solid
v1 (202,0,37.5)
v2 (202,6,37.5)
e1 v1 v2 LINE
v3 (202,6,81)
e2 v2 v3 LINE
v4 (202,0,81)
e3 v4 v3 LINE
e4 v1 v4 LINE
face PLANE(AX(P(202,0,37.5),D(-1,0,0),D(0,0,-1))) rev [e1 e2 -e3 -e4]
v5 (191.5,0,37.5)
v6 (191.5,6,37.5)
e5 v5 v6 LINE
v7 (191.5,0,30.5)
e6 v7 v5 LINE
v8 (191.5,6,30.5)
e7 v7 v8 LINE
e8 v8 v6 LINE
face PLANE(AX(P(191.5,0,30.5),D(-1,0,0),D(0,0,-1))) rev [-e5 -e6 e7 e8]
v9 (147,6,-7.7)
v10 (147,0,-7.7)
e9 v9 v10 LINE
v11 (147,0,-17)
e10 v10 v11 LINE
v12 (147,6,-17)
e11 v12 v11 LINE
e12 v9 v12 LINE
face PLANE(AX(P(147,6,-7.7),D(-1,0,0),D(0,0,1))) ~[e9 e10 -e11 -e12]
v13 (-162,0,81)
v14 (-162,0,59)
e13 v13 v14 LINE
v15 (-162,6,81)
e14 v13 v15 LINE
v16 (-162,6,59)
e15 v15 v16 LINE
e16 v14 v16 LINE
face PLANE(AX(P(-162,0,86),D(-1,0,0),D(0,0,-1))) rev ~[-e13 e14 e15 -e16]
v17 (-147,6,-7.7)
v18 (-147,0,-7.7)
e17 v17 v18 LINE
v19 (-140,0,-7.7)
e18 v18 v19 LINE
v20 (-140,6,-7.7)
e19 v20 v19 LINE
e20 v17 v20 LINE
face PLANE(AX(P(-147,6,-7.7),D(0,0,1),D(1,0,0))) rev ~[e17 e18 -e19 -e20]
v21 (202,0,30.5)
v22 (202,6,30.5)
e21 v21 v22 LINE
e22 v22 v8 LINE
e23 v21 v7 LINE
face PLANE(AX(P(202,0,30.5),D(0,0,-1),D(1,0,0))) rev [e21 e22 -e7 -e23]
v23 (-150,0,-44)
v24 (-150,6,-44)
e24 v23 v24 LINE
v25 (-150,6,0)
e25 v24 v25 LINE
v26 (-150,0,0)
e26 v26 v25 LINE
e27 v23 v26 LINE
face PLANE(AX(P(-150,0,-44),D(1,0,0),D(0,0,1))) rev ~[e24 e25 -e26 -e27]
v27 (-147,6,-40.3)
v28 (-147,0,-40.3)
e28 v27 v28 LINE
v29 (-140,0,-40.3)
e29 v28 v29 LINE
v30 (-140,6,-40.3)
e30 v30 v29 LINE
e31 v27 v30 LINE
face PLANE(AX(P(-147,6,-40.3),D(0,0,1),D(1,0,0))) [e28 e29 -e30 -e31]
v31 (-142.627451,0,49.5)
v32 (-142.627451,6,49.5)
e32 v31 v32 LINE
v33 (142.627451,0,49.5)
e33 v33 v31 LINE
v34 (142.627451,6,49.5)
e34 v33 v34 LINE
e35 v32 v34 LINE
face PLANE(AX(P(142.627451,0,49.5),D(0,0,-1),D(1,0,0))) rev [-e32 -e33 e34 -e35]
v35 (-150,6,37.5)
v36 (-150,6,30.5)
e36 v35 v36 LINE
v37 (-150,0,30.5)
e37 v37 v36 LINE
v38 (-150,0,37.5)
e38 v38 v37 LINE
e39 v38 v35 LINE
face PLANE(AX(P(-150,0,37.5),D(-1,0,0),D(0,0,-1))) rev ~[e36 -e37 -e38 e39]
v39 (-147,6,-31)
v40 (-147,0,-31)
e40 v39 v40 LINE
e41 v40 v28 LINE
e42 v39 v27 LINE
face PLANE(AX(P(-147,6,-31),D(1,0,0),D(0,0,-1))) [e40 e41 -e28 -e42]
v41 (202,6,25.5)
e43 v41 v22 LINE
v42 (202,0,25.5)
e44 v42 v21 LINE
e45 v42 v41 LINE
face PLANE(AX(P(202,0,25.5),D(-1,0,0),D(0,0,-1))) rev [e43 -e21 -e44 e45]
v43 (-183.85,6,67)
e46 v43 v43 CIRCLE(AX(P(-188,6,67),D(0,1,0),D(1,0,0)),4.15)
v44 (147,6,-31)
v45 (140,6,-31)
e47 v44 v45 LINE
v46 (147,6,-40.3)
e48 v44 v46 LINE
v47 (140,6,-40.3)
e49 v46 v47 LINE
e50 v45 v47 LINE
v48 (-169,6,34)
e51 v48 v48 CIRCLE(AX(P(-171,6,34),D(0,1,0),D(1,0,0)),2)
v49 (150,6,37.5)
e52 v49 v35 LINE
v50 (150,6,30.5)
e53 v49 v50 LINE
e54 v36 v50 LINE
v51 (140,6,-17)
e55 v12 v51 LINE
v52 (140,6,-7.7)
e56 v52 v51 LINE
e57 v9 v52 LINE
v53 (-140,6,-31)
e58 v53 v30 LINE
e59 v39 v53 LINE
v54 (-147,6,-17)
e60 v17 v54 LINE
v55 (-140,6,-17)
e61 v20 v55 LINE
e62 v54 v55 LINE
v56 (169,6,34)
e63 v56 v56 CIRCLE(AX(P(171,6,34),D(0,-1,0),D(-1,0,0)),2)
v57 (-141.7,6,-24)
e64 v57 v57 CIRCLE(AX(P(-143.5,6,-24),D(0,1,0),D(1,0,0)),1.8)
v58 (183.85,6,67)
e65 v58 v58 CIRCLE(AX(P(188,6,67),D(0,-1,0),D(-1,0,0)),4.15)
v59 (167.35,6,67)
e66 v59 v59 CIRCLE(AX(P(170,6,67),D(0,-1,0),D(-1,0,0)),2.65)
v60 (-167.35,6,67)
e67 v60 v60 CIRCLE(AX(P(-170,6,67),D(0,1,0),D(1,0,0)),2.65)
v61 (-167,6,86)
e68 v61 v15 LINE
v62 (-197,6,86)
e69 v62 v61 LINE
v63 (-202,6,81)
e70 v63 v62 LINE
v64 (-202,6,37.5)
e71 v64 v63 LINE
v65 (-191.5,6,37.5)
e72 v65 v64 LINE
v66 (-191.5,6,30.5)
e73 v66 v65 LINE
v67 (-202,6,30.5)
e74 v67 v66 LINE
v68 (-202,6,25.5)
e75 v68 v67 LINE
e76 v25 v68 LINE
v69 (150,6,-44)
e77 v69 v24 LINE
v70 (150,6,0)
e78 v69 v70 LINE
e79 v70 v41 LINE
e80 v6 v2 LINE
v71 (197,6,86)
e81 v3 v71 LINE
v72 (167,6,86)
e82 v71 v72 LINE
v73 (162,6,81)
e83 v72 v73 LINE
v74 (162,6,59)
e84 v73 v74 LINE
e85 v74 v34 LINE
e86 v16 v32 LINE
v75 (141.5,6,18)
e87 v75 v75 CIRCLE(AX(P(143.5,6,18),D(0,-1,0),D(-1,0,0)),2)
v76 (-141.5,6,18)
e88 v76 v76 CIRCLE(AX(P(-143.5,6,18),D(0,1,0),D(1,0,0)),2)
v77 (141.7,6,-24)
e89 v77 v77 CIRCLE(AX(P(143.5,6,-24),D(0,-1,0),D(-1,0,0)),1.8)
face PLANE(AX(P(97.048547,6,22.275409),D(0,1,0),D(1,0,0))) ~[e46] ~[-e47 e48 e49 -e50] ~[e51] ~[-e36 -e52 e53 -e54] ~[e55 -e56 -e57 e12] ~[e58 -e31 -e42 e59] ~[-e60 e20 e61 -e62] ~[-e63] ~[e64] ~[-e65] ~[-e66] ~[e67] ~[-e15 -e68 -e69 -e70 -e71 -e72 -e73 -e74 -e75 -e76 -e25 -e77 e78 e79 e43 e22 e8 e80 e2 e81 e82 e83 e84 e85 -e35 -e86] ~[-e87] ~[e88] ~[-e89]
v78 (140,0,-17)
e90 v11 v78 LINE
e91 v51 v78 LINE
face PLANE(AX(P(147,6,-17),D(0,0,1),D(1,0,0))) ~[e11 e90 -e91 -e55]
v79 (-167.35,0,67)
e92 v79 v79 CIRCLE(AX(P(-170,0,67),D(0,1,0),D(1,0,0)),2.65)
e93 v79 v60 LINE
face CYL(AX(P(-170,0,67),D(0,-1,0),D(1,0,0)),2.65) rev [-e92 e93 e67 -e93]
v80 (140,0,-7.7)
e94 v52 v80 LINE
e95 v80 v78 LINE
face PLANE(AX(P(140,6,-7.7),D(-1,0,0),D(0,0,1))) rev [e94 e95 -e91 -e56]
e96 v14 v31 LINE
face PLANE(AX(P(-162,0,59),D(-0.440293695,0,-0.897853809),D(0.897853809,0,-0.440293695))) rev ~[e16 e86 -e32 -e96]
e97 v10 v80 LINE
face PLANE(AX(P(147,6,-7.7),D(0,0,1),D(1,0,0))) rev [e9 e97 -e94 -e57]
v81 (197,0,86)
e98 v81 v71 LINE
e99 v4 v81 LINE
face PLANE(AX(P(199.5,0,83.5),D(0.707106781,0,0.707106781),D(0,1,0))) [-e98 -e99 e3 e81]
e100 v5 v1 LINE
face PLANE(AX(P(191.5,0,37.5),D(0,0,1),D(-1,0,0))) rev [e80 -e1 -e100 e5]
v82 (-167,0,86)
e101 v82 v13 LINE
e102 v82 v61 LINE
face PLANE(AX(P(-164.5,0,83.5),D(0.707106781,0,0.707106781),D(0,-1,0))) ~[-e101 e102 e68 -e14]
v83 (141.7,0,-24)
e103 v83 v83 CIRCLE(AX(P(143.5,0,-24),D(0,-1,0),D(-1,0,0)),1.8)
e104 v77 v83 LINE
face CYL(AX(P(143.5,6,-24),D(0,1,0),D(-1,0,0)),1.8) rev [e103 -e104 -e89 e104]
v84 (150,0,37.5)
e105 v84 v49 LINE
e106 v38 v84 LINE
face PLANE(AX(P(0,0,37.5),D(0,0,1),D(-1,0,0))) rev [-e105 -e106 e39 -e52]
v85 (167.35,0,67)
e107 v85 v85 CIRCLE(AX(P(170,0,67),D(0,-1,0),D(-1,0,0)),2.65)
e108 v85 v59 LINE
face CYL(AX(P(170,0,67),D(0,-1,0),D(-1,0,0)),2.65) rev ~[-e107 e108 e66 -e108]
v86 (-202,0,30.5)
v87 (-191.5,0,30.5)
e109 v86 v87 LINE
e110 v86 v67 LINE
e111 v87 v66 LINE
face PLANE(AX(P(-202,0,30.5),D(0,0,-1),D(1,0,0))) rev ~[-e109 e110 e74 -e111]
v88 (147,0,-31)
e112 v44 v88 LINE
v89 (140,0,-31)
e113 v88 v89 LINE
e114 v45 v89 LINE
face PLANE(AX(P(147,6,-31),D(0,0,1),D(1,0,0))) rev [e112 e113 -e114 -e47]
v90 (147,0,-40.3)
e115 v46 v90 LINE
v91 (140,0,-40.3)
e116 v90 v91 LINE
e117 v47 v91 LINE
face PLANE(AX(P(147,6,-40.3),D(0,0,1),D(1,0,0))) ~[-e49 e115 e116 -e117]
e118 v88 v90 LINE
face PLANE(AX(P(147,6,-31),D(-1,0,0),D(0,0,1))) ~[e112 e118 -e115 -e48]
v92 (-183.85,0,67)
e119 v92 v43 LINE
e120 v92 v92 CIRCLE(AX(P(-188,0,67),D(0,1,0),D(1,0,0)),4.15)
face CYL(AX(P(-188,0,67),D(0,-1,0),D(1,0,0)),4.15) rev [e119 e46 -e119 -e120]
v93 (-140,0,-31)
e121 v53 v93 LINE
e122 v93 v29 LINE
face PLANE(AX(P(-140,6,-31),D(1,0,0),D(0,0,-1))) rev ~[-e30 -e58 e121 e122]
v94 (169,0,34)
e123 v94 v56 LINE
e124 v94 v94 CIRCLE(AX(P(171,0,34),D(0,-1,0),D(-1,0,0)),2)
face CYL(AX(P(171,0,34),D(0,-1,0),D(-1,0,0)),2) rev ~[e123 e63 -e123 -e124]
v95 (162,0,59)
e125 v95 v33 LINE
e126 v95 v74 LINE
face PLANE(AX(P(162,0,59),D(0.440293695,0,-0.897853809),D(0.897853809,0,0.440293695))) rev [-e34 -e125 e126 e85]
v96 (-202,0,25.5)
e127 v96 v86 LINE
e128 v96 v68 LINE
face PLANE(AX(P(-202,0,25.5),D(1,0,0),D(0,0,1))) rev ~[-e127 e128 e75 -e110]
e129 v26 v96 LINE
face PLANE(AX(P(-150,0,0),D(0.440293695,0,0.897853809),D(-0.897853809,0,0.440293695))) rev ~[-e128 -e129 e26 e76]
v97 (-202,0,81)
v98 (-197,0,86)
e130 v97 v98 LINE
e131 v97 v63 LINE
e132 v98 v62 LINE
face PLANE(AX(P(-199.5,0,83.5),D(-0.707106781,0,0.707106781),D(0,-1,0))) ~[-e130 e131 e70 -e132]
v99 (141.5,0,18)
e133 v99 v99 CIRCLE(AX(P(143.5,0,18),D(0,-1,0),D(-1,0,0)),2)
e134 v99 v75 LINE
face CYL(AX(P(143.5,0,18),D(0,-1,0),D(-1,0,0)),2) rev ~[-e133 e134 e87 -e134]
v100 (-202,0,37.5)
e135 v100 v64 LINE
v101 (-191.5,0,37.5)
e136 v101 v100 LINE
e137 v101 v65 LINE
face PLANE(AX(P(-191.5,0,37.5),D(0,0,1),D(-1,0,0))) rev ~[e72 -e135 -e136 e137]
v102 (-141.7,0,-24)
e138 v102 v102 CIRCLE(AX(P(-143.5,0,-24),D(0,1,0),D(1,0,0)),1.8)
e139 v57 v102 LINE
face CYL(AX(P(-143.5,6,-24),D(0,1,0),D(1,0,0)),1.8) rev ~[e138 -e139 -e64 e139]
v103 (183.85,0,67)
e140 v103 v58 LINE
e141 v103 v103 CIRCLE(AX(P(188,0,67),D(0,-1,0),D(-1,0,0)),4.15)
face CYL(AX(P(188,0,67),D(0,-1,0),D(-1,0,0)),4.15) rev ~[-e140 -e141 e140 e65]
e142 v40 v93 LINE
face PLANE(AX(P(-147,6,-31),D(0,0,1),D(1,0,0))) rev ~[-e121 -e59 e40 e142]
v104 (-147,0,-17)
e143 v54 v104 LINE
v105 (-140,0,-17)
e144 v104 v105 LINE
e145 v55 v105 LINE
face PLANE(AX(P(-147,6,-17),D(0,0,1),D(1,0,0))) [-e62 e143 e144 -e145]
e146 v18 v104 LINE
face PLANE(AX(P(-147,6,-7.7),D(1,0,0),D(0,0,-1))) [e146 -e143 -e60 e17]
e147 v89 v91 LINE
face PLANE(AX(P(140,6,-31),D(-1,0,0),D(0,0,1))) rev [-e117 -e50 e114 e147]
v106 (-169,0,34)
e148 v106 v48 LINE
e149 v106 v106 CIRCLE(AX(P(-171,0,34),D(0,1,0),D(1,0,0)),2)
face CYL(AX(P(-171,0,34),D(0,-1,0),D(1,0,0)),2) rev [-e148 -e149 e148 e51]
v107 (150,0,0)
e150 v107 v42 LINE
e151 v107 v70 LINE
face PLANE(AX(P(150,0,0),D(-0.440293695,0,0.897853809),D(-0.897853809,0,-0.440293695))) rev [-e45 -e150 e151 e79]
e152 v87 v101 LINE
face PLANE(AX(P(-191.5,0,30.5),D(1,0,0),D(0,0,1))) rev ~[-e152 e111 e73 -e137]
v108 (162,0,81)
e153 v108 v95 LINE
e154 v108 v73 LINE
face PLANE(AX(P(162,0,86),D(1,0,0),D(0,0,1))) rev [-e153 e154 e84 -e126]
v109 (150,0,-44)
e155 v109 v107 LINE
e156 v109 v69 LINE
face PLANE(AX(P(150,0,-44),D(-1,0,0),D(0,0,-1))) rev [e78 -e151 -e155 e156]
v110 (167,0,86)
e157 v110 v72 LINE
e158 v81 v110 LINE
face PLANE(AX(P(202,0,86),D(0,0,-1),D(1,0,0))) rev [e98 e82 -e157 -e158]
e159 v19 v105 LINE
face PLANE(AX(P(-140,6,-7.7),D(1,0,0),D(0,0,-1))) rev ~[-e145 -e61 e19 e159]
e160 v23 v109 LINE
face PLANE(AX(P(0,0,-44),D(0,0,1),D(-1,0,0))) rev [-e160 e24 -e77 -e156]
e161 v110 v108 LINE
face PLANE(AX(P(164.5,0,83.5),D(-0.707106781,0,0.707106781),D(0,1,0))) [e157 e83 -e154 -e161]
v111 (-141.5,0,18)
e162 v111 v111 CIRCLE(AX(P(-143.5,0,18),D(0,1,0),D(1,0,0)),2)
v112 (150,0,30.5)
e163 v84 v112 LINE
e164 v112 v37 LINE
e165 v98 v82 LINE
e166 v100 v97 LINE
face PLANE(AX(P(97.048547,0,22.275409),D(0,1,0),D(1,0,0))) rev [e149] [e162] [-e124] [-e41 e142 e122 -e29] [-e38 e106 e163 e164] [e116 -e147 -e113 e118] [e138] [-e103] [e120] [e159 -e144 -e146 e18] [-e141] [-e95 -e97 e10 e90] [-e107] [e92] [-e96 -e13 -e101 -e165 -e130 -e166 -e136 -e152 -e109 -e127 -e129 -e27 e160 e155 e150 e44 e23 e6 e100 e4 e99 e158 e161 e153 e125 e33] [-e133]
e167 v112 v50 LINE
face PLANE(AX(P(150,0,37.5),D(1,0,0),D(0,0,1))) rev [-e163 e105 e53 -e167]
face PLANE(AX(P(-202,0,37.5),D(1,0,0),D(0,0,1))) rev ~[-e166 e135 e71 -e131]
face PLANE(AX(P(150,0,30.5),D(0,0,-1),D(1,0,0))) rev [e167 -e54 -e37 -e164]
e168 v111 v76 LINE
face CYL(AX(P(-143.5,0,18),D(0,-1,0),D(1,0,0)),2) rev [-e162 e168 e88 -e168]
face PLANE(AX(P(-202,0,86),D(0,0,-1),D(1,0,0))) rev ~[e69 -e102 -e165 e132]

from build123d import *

# Parameters (mm, degrees)
ESQUISSE1_R             = 4.15
ESQUISSE1_R_2           = 2
ESQUISSE1_R_3           = 2.65
BOSS_EXTRU_1_DEPTH      = 6
CHANFREIN1_SIZE         = 5
ESQUISSE3_R             = 1.8
ESQUISSE3_W             = 7
ESQUISSE3_H             = 9.3
ENL_V_MAT_EXTRU_1_DEPTH = 6


with BuildPart() as part:
    # Esquisse1 → Boss.-Extru.1 (new body)
    with BuildSketch(Plane(origin=(0, 0, 0), x_dir=(1, 0, 0), z_dir=(0, 1, 0))):
        Polygon((-150, 0), (-202, -25.5), (-202, -30.5), (-191.5, -30.5), (-191.5, -37.5), (-202, -37.5), (-202, -86), (-162, -86), (-162, -59), (-142.62745098, -49.5), (0, -49.5), (0, -37.5), (-150, -37.5), (-150, -30.5), (0, -30.5), (0, 0), (0, 44), (-150, 44), align=None)
        with Locations((-188, -67)):
            Circle(ESQUISSE1_R, mode=Mode.SUBTRACT)
        with Locations((-171, -34)):
            Circle(ESQUISSE1_R_2, mode=Mode.SUBTRACT)
        with Locations((-170, -67)):
            Circle(ESQUISSE1_R_3, mode=Mode.SUBTRACT)
        with Locations((-143.5, -18)):
            Circle(ESQUISSE1_R_2, mode=Mode.SUBTRACT)
    extrude(amount=BOSS_EXTRU_1_DEPTH)

    # Chanfrein1
    chanfrein1_edges = [part.edges().sort_by_distance(p)[0] for p in [
        (-162, 3, 86),
        (-202, 3, 86),
    ]]
    chamfer(chanfrein1_edges, length=CHANFREIN1_SIZE)

    # Esquisse3 → Enlèv. mat.-Extru.1 (cut)
    with BuildSketch(Plane(origin=(0, 6, 0), x_dir=(1, 0, 0), z_dir=(0, 1, 0))):
        with Locations((-143.5, 24)):
            Circle(ESQUISSE3_R)
        with Locations((-143.5, 35.65)):
            Rectangle(ESQUISSE3_W, ESQUISSE3_H)
        with Locations((-143.5, 12.35)):
            Rectangle(ESQUISSE3_W, ESQUISSE3_H)
    extrude(amount=-ENL_V_MAT_EXTRU_1_DEPTH, mode=Mode.SUBTRACT)

    # Symétrie1: part across plane


with BuildPart() as part_1:
    add(part.part)
    add(part.part.mirror(Plane(origin=(0, 6, 30.5), x_dir=(0, 0, 1), z_dir=(-1, 0, 0))))


solid = part_1.part
